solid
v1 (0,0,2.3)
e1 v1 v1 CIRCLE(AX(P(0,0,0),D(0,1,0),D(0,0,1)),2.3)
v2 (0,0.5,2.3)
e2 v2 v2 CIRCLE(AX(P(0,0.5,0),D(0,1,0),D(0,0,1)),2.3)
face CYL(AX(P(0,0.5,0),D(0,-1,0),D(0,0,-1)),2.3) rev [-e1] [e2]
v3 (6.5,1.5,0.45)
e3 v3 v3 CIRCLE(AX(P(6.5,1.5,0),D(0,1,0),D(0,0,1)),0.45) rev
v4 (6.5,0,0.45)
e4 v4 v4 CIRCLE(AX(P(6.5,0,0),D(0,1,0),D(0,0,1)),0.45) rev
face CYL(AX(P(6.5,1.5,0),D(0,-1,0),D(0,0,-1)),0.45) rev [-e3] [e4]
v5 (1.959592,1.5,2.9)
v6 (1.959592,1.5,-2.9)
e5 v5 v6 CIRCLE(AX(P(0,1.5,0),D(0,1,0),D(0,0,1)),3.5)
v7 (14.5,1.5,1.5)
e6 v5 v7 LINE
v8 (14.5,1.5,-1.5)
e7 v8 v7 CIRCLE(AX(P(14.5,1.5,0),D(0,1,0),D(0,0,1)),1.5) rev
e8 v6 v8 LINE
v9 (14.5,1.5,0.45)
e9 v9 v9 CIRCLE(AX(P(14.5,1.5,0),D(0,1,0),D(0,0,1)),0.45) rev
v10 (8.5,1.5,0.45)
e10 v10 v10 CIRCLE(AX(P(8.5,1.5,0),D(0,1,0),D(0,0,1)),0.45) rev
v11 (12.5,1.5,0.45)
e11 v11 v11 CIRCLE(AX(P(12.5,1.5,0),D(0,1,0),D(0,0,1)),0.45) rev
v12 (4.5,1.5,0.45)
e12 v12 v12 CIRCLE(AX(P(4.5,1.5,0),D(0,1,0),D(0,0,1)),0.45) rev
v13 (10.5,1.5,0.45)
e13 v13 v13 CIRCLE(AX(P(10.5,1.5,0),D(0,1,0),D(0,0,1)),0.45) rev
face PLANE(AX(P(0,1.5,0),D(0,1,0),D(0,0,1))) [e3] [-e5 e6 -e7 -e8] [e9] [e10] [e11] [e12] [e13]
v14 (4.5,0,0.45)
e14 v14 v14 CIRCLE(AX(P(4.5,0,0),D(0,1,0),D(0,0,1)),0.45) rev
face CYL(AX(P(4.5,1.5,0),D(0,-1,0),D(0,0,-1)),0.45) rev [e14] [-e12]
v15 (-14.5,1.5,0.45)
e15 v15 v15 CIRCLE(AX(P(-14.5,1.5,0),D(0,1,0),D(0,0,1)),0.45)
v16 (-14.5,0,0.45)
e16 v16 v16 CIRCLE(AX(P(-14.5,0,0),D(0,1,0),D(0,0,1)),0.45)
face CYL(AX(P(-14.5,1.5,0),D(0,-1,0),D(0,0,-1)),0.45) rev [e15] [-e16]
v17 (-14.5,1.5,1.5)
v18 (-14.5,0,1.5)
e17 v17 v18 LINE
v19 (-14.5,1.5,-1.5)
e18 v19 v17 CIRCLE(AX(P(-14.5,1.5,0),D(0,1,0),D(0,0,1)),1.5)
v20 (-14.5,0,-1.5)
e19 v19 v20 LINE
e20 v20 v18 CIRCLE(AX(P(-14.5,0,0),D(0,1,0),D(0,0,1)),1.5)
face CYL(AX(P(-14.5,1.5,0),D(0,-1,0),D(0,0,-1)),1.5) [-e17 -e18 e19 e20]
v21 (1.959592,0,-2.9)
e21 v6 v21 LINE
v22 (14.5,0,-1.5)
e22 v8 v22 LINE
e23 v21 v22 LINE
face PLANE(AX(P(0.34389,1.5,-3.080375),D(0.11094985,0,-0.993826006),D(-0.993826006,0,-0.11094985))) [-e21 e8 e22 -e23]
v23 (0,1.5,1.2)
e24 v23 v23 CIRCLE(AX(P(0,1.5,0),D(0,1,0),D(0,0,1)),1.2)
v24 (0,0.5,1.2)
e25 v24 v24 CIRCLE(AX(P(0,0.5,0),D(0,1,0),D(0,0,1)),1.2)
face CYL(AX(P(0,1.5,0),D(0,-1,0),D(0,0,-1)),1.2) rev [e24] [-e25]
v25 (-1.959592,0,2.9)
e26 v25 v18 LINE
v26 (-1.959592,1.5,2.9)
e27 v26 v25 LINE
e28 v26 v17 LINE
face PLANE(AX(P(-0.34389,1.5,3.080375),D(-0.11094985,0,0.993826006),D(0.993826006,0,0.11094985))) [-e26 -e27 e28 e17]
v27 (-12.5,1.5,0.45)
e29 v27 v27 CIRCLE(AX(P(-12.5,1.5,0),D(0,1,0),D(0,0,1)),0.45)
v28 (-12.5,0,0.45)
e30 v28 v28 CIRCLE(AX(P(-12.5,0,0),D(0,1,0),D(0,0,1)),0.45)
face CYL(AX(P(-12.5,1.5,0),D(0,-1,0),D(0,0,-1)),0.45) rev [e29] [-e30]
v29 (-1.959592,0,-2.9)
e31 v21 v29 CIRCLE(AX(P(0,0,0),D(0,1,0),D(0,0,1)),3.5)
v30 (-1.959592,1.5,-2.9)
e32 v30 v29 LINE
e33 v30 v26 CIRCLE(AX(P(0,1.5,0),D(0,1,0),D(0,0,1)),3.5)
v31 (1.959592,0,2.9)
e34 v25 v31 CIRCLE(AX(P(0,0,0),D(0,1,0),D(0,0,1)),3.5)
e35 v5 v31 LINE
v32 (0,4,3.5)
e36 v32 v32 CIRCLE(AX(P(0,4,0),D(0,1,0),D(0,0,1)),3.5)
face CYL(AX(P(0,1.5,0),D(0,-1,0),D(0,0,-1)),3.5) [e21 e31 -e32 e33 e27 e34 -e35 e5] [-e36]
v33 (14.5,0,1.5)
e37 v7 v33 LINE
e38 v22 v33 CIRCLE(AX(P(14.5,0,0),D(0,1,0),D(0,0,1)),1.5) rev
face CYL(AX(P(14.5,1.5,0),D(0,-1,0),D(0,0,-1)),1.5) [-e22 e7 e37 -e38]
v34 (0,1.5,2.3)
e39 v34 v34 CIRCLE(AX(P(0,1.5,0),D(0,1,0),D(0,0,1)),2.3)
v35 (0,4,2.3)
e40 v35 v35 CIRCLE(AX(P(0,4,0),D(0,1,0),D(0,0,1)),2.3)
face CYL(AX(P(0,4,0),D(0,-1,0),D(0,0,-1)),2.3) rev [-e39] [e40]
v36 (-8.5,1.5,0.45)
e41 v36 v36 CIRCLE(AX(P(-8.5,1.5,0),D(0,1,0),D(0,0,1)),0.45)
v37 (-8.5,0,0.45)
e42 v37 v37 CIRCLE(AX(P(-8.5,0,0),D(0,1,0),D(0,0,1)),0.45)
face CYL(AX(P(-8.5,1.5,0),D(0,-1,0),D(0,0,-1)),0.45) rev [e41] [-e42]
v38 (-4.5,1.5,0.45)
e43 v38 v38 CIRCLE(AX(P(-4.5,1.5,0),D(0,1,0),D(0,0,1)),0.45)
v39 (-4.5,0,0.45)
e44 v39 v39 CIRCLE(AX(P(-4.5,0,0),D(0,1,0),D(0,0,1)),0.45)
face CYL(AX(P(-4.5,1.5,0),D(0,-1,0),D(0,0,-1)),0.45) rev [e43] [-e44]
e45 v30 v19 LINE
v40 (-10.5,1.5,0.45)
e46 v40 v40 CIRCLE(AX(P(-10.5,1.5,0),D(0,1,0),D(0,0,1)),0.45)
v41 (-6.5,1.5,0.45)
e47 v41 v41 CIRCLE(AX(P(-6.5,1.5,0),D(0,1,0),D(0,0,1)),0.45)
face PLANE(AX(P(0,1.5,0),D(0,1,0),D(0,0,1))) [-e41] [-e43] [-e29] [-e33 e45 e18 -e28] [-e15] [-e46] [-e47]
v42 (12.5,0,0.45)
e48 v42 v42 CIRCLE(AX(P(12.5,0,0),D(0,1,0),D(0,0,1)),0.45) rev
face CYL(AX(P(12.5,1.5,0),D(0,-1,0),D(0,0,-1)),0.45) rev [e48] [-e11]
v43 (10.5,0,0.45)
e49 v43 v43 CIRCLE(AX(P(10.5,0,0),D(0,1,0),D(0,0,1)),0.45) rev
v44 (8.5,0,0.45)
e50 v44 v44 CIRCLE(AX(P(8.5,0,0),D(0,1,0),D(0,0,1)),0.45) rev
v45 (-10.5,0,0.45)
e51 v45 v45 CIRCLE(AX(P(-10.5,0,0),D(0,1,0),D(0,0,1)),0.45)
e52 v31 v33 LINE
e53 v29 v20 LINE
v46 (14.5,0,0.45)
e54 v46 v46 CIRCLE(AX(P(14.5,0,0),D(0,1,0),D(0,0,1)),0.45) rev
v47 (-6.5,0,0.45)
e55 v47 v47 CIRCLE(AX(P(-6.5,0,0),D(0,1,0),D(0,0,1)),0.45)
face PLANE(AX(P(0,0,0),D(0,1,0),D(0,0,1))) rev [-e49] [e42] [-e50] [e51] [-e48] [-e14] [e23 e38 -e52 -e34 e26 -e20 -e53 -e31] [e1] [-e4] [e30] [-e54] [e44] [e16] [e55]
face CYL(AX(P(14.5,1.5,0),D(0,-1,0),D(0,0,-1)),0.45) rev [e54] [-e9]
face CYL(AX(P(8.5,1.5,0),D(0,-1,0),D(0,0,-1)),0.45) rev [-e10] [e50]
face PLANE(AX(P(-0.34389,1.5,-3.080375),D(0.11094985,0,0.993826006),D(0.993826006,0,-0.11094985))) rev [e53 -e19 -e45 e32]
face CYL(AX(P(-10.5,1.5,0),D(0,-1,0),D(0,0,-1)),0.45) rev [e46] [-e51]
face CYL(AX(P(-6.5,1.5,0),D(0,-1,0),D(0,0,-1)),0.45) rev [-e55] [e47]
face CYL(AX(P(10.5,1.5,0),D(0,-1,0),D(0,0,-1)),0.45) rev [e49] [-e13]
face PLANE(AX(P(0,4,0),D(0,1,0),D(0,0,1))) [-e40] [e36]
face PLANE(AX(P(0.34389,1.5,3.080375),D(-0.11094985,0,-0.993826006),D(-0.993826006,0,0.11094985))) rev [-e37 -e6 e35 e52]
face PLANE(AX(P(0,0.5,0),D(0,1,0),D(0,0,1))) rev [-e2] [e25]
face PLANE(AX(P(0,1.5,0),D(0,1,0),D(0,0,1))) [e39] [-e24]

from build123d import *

# Parameters (mm, degrees)
SKETCH1_R           = 0.45
SKETCH1_R_2         = 3.5
SKETCH1_R_3         = 2.3
SKETCH1_R_4         = 1.2
BOSS_EXTRUDE1_DEPTH = 1.5
BOSS_EXTRUDE2_START = 1.5
SKETCH1_4_R         = 3.5
SKETCH1_4_R_2       = 2.3
BOSS_EXTRUDE2_DEPTH = 2.5
SKETCH1_5_R         = 2.3
SKETCH1_5_R_2       = 1.2
CUT_EXTRUDE1_DEPTH  = 0.5


with BuildPart() as part:
    # Sketch1 → Boss-Extrude1 (new body)
    # profile 1 of 4: a face of its own
    with BuildSketch(Plane(origin=(0, 0, 0), x_dir=(1, 0, 0), z_dir=(0, 1, 0))):
        with BuildLine():
            ThreePointArc((-1.959591794, -2.9), (-3.5, 0), (-1.959591794, 2.9))
            Line((-1.959591794, 2.9), (-14.5, 1.5))
            ThreePointArc((-14.5, 1.5), (-16, 0), (-14.5, -1.5))
            Line((-14.5, -1.5), (-1.959591794, -2.9))
        make_face()
        with Locations(Location((-14.5, 0, 0), (0, 0, 270))):
            Circle(SKETCH1_R, mode=Mode.SUBTRACT)
        with Locations(Location((-12.5, 0, 0), (0, 0, 270))):
            Circle(SKETCH1_R, mode=Mode.SUBTRACT)
        with Locations(Location((-10.5, 0, 0), (0, 0, 270))):
            Circle(SKETCH1_R, mode=Mode.SUBTRACT)
        with Locations(Location((-8.5, 0, 0), (0, 0, 270))):
            Circle(SKETCH1_R, mode=Mode.SUBTRACT)
        with Locations(Location((-6.5, 0, 0), (0, 0, 270))):
            Circle(SKETCH1_R, mode=Mode.SUBTRACT)
        with Locations(Location((-4.5, 0, 0), (0, 0, 270))):
            Circle(SKETCH1_R, mode=Mode.SUBTRACT)
    # profile 2 of 4: a face of its own
    with BuildSketch(Plane(origin=(0, 0, 0), x_dir=(1, 0, 0), z_dir=(0, 1, 0))):
        with BuildLine():
            Line((14.5, 1.5), (1.959591794, 2.9))
            ThreePointArc((1.959591794, 2.9), (3.091000751, 1.641863076), (3.5, 0))
            ThreePointArc((3.5, 0), (3.091000751, -1.641863076), (1.959591794, -2.9))
            Line((1.959591794, -2.9), (14.5, -1.5))
            ThreePointArc((14.5, -1.5), (16, 0), (14.5, 1.5))
        make_face()
        with Locations(Location((4.5, 0, 0), (0, 0, 270))):
            Circle(SKETCH1_R, mode=Mode.SUBTRACT)
        with Locations(Location((6.5, 0, 0), (0, 0, 270))):
            Circle(SKETCH1_R, mode=Mode.SUBTRACT)
        with Locations(Location((8.5, 0, 0), (0, 0, 270))):
            Circle(SKETCH1_R, mode=Mode.SUBTRACT)
        with Locations(Location((10.5, 0, 0), (0, 0, 270))):
            Circle(SKETCH1_R, mode=Mode.SUBTRACT)
        with Locations(Location((12.5, 0, 0), (0, 0, 270))):
            Circle(SKETCH1_R, mode=Mode.SUBTRACT)
        with Locations(Location((14.5, 0, 0), (0, 0, 270))):
            Circle(SKETCH1_R, mode=Mode.SUBTRACT)
    # profile 3 of 4: a face of its own
    with BuildSketch(Plane(origin=(0, 0, 0), x_dir=(1, 0, 0), z_dir=(0, 1, 0))):
        Circle(SKETCH1_R_2)
        Circle(SKETCH1_R_3, mode=Mode.SUBTRACT)
    # profile 4 of 4: a face of its own
    with BuildSketch(Plane(origin=(0, 0, 0), x_dir=(1, 0, 0), z_dir=(0, 1, 0))):
        Circle(SKETCH1_R_3)
        with Locations(Location((0, 0, 0), (0, 0, 270))):
            Circle(SKETCH1_R_4, mode=Mode.SUBTRACT)
    extrude(amount=BOSS_EXTRUDE1_DEPTH)

    # Sketch1<4> → Boss-Extrude2 (add)
    with BuildSketch(Plane(origin=(0, 0, 0), x_dir=(1, 0, 0), z_dir=(0, 1, 0)).offset(BOSS_EXTRUDE2_START)):
        with Locations(Location((0, 0, 0), (0, 0, 124.04773237))):
            Circle(SKETCH1_4_R)
        with Locations(Location((0, 0, 0), (0, 0, 270))):
            Circle(SKETCH1_4_R_2, mode=Mode.SUBTRACT)
    extrude(amount=BOSS_EXTRUDE2_DEPTH)

    # Sketch1<5> → Cut-Extrude1 (cut)
    with BuildSketch(Plane(origin=(0, 0, 0), x_dir=(1, 0, 0), z_dir=(0, 1, 0))):
        with Locations(Location((0, 0, 0), (0, 0, 270))):
            Circle(SKETCH1_5_R)
        with Locations(Location((0, 0, 0), (0, 0, 270))):
            Circle(SKETCH1_5_R_2, mode=Mode.SUBTRACT)
    extrude(amount=CUT_EXTRUDE1_DEPTH, mode=Mode.SUBTRACT)


solid = part.part
